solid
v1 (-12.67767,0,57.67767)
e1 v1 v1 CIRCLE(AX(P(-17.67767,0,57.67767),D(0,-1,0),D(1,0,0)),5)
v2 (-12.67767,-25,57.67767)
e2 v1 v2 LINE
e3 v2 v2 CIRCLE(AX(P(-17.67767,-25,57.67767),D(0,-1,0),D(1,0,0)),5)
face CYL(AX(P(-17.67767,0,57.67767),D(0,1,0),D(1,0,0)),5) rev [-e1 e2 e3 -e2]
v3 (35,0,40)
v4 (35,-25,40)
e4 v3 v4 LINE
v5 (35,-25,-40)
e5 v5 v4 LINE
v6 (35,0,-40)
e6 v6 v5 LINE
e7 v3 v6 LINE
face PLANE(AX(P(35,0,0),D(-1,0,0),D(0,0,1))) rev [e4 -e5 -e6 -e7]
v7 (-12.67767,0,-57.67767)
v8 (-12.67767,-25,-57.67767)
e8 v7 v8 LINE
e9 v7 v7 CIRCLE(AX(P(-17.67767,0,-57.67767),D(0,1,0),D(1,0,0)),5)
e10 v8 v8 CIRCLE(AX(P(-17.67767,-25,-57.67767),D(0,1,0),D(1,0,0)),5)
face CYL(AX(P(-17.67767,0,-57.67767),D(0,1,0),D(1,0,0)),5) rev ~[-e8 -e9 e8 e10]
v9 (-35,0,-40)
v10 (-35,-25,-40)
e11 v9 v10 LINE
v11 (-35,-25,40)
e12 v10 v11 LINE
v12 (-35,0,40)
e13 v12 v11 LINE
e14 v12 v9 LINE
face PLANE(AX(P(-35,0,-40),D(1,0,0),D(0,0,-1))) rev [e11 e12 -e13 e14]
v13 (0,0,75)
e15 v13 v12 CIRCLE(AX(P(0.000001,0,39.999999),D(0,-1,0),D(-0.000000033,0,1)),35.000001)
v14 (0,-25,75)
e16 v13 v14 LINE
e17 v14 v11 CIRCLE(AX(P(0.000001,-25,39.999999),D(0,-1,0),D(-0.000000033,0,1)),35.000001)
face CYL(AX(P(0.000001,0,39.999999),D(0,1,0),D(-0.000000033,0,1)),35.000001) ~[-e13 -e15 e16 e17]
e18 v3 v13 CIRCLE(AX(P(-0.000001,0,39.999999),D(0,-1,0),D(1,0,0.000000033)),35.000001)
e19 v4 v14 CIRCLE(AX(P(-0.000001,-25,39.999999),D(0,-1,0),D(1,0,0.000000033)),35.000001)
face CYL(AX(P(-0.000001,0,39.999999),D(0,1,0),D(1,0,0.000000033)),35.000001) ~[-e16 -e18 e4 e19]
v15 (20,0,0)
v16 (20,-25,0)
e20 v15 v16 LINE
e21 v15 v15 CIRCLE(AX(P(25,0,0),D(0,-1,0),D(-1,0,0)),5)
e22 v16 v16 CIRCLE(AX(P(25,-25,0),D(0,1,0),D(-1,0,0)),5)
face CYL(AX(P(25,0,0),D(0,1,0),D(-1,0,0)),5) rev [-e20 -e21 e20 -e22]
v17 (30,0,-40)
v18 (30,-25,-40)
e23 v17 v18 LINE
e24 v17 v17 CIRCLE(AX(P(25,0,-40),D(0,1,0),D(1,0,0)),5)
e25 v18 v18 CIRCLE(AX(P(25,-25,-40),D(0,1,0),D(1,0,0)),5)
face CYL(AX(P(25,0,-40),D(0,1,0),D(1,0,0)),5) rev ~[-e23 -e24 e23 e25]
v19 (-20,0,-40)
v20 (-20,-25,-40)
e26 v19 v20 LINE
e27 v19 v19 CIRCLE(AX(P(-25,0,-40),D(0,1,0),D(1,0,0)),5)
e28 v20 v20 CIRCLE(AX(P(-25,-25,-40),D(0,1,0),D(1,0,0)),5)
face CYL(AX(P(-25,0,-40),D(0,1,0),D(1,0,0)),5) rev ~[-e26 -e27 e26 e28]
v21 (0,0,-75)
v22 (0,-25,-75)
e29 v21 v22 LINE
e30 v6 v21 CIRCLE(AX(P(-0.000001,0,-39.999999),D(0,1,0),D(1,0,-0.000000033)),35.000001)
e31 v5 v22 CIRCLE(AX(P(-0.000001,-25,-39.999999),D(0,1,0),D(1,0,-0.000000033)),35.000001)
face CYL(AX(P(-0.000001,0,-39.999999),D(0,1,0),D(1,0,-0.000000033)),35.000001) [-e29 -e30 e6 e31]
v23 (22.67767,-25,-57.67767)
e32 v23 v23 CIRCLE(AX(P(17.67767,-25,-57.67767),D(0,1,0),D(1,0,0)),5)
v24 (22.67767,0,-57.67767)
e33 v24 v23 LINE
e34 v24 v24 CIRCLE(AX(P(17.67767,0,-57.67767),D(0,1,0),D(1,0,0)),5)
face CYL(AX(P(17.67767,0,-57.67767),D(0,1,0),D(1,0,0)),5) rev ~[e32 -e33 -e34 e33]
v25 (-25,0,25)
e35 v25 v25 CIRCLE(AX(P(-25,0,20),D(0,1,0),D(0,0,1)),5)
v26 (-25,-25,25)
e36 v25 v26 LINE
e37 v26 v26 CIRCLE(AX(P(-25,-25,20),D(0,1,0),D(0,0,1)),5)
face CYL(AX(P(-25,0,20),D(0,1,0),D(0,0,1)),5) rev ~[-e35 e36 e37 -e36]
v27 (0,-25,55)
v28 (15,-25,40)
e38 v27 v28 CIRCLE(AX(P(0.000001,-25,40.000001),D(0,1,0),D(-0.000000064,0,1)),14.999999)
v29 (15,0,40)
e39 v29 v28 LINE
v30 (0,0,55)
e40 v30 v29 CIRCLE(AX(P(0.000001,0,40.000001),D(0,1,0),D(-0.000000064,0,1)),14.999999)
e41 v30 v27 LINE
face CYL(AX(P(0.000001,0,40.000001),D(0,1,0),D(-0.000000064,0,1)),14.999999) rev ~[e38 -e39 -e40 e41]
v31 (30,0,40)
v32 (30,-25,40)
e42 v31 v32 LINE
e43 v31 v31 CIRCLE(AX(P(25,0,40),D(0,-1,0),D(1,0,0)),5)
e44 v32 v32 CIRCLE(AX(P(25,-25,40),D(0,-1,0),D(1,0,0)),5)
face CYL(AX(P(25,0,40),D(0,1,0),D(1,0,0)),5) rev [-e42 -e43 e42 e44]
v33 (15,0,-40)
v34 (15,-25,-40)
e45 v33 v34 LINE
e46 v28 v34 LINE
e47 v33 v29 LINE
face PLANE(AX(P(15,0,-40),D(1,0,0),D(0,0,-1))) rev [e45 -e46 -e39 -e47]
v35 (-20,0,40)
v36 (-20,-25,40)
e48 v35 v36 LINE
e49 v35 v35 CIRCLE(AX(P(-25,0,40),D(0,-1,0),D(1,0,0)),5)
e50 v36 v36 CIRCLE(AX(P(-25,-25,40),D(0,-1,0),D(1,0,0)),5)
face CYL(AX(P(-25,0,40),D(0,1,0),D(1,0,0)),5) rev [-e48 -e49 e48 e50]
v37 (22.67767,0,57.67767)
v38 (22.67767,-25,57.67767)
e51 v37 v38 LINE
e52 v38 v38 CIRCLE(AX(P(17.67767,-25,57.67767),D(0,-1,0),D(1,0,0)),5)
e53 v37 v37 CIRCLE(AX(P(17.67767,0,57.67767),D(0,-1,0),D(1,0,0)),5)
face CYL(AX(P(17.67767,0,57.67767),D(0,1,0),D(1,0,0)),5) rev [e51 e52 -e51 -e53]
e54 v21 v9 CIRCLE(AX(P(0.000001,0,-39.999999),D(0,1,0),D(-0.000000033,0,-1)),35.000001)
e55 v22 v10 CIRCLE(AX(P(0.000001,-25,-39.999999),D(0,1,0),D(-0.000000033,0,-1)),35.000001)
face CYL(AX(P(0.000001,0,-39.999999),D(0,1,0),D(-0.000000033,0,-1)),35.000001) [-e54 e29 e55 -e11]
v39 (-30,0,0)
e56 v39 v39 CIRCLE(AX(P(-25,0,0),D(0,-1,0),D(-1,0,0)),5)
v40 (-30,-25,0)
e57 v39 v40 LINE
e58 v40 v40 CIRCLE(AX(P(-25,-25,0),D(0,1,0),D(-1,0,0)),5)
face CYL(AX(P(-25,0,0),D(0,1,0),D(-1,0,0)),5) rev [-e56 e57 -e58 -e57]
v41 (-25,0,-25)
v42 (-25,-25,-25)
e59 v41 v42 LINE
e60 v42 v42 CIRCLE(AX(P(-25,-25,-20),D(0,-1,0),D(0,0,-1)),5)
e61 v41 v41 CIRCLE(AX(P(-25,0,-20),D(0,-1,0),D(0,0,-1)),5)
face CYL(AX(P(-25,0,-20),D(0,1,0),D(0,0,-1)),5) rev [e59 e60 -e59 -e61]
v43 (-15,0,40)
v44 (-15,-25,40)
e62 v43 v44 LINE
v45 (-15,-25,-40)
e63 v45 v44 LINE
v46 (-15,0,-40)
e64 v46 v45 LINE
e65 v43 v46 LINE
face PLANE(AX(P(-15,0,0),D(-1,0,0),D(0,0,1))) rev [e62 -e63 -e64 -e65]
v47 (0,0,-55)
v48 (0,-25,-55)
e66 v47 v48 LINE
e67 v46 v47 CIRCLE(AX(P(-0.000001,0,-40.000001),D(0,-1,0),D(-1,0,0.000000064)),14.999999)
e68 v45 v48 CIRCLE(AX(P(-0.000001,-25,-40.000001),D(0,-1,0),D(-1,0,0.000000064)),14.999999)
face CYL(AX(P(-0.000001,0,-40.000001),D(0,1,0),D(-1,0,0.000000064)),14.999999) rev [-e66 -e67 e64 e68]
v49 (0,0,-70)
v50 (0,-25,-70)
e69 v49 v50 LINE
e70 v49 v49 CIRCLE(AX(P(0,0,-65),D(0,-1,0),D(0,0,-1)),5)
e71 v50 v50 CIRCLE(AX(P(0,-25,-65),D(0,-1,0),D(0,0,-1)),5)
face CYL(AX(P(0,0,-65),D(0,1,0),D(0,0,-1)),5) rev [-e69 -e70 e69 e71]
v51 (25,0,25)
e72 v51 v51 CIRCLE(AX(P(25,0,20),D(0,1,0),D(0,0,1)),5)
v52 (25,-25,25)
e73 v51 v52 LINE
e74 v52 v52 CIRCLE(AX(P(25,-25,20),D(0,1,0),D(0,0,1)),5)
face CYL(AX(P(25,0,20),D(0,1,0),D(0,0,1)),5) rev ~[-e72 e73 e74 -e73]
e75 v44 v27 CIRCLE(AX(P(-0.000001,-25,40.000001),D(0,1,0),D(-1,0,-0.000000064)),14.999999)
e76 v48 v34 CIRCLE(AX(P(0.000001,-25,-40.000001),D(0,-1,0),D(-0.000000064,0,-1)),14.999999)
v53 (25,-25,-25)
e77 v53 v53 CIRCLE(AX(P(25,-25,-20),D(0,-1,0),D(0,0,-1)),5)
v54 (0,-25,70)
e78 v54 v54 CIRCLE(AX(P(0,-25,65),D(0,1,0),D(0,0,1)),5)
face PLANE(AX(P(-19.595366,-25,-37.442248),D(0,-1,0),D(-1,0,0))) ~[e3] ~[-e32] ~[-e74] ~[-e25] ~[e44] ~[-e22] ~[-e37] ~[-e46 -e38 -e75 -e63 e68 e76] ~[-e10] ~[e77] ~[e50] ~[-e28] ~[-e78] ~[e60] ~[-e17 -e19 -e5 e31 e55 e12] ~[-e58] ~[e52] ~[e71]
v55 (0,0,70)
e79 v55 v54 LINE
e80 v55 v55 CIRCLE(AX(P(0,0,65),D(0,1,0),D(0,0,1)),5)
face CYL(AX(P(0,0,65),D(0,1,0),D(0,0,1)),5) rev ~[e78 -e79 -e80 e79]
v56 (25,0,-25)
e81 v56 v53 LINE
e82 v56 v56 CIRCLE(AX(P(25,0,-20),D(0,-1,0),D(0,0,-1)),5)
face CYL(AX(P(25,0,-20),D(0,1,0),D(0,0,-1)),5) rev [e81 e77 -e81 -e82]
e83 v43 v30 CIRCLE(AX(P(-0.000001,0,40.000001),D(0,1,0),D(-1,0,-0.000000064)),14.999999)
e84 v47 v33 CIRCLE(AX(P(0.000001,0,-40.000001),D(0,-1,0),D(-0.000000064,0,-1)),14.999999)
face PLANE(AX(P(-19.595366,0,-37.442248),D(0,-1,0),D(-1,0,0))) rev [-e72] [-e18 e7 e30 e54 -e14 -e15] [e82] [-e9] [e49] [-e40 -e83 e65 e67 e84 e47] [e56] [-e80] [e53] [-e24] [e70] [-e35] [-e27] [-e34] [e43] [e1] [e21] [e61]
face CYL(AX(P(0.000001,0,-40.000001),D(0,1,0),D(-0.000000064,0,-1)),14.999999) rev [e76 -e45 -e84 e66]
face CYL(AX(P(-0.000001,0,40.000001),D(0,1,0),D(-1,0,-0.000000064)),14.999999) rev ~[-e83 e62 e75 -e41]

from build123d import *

# Parameters (mm, degrees)
F0_R     = 5
F1_DEPTH = 25


with BuildPart() as f1:
    # F0 (on Front) → F1 (new body)
    with BuildSketch(Plane.XZ):
        with BuildLine():
            ThreePointArc((0, 75), (-24.748737, 64.748737), (-35, 40))
            Line((-35, 40), (-35, 0))
            Line((-35, 0), (-30, 0))
            ThreePointArc((-30, 0), (-25, 5), (-20, 0))
            Line((-20, 0), (-15, 0))
            Line((-15, 0), (-15, 40))
            ThreePointArc((-15, 40), (-10.606602, 50.606602), (0, 55))
            Line((0, 55), (0, 60))
            ThreePointArc((0, 60), (-5, 65), (0, 70))
            Line((0, 70), (0, 75))
        make_face()
        with BuildLine():
            ThreePointArc((-25, 15), (-30, 20), (-25, 25))
            ThreePointArc((-25, 25), (-20, 20), (-25, 15))
        make_face(mode=Mode.SUBTRACT)
        with Locations((-25, 40)):
            Circle(F0_R, mode=Mode.SUBTRACT)
        with Locations((-17.67767, 57.67767)):
            Circle(F0_R, mode=Mode.SUBTRACT)
        with BuildLine():
            ThreePointArc((35, 40), (24.748737, 64.748737), (0, 75))
            Line((0, 75), (0, 70))
            ThreePointArc((0, 70), (5, 65), (0, 60))
            Line((0, 60), (0, 55))
            ThreePointArc((0, 55), (10.606602, 50.606602), (15, 40))
            Line((15, 40), (15, 0))
            Line((15, 0), (20, 0))
            ThreePointArc((20, 0), (25, 5), (30, 0))
            Line((30, 0), (35, 0))
            Line((35, 0), (35, 40))
        make_face()
        with BuildLine():
            ThreePointArc((25, 15), (20, 20), (25, 25))
            ThreePointArc((25, 25), (30, 20), (25, 15))
        make_face(mode=Mode.SUBTRACT)
        with Locations((25, 40)):
            Circle(F0_R, mode=Mode.SUBTRACT)
        with Locations((17.67767, 57.67767)):
            Circle(F0_R, mode=Mode.SUBTRACT)
    extrude(amount=F1_DEPTH)

    # F2: F1 across plane


with BuildPart() as f1_1:
    add(f1.part)
    add(f1.part.mirror(Plane.XY))


solid = f1_1.part
